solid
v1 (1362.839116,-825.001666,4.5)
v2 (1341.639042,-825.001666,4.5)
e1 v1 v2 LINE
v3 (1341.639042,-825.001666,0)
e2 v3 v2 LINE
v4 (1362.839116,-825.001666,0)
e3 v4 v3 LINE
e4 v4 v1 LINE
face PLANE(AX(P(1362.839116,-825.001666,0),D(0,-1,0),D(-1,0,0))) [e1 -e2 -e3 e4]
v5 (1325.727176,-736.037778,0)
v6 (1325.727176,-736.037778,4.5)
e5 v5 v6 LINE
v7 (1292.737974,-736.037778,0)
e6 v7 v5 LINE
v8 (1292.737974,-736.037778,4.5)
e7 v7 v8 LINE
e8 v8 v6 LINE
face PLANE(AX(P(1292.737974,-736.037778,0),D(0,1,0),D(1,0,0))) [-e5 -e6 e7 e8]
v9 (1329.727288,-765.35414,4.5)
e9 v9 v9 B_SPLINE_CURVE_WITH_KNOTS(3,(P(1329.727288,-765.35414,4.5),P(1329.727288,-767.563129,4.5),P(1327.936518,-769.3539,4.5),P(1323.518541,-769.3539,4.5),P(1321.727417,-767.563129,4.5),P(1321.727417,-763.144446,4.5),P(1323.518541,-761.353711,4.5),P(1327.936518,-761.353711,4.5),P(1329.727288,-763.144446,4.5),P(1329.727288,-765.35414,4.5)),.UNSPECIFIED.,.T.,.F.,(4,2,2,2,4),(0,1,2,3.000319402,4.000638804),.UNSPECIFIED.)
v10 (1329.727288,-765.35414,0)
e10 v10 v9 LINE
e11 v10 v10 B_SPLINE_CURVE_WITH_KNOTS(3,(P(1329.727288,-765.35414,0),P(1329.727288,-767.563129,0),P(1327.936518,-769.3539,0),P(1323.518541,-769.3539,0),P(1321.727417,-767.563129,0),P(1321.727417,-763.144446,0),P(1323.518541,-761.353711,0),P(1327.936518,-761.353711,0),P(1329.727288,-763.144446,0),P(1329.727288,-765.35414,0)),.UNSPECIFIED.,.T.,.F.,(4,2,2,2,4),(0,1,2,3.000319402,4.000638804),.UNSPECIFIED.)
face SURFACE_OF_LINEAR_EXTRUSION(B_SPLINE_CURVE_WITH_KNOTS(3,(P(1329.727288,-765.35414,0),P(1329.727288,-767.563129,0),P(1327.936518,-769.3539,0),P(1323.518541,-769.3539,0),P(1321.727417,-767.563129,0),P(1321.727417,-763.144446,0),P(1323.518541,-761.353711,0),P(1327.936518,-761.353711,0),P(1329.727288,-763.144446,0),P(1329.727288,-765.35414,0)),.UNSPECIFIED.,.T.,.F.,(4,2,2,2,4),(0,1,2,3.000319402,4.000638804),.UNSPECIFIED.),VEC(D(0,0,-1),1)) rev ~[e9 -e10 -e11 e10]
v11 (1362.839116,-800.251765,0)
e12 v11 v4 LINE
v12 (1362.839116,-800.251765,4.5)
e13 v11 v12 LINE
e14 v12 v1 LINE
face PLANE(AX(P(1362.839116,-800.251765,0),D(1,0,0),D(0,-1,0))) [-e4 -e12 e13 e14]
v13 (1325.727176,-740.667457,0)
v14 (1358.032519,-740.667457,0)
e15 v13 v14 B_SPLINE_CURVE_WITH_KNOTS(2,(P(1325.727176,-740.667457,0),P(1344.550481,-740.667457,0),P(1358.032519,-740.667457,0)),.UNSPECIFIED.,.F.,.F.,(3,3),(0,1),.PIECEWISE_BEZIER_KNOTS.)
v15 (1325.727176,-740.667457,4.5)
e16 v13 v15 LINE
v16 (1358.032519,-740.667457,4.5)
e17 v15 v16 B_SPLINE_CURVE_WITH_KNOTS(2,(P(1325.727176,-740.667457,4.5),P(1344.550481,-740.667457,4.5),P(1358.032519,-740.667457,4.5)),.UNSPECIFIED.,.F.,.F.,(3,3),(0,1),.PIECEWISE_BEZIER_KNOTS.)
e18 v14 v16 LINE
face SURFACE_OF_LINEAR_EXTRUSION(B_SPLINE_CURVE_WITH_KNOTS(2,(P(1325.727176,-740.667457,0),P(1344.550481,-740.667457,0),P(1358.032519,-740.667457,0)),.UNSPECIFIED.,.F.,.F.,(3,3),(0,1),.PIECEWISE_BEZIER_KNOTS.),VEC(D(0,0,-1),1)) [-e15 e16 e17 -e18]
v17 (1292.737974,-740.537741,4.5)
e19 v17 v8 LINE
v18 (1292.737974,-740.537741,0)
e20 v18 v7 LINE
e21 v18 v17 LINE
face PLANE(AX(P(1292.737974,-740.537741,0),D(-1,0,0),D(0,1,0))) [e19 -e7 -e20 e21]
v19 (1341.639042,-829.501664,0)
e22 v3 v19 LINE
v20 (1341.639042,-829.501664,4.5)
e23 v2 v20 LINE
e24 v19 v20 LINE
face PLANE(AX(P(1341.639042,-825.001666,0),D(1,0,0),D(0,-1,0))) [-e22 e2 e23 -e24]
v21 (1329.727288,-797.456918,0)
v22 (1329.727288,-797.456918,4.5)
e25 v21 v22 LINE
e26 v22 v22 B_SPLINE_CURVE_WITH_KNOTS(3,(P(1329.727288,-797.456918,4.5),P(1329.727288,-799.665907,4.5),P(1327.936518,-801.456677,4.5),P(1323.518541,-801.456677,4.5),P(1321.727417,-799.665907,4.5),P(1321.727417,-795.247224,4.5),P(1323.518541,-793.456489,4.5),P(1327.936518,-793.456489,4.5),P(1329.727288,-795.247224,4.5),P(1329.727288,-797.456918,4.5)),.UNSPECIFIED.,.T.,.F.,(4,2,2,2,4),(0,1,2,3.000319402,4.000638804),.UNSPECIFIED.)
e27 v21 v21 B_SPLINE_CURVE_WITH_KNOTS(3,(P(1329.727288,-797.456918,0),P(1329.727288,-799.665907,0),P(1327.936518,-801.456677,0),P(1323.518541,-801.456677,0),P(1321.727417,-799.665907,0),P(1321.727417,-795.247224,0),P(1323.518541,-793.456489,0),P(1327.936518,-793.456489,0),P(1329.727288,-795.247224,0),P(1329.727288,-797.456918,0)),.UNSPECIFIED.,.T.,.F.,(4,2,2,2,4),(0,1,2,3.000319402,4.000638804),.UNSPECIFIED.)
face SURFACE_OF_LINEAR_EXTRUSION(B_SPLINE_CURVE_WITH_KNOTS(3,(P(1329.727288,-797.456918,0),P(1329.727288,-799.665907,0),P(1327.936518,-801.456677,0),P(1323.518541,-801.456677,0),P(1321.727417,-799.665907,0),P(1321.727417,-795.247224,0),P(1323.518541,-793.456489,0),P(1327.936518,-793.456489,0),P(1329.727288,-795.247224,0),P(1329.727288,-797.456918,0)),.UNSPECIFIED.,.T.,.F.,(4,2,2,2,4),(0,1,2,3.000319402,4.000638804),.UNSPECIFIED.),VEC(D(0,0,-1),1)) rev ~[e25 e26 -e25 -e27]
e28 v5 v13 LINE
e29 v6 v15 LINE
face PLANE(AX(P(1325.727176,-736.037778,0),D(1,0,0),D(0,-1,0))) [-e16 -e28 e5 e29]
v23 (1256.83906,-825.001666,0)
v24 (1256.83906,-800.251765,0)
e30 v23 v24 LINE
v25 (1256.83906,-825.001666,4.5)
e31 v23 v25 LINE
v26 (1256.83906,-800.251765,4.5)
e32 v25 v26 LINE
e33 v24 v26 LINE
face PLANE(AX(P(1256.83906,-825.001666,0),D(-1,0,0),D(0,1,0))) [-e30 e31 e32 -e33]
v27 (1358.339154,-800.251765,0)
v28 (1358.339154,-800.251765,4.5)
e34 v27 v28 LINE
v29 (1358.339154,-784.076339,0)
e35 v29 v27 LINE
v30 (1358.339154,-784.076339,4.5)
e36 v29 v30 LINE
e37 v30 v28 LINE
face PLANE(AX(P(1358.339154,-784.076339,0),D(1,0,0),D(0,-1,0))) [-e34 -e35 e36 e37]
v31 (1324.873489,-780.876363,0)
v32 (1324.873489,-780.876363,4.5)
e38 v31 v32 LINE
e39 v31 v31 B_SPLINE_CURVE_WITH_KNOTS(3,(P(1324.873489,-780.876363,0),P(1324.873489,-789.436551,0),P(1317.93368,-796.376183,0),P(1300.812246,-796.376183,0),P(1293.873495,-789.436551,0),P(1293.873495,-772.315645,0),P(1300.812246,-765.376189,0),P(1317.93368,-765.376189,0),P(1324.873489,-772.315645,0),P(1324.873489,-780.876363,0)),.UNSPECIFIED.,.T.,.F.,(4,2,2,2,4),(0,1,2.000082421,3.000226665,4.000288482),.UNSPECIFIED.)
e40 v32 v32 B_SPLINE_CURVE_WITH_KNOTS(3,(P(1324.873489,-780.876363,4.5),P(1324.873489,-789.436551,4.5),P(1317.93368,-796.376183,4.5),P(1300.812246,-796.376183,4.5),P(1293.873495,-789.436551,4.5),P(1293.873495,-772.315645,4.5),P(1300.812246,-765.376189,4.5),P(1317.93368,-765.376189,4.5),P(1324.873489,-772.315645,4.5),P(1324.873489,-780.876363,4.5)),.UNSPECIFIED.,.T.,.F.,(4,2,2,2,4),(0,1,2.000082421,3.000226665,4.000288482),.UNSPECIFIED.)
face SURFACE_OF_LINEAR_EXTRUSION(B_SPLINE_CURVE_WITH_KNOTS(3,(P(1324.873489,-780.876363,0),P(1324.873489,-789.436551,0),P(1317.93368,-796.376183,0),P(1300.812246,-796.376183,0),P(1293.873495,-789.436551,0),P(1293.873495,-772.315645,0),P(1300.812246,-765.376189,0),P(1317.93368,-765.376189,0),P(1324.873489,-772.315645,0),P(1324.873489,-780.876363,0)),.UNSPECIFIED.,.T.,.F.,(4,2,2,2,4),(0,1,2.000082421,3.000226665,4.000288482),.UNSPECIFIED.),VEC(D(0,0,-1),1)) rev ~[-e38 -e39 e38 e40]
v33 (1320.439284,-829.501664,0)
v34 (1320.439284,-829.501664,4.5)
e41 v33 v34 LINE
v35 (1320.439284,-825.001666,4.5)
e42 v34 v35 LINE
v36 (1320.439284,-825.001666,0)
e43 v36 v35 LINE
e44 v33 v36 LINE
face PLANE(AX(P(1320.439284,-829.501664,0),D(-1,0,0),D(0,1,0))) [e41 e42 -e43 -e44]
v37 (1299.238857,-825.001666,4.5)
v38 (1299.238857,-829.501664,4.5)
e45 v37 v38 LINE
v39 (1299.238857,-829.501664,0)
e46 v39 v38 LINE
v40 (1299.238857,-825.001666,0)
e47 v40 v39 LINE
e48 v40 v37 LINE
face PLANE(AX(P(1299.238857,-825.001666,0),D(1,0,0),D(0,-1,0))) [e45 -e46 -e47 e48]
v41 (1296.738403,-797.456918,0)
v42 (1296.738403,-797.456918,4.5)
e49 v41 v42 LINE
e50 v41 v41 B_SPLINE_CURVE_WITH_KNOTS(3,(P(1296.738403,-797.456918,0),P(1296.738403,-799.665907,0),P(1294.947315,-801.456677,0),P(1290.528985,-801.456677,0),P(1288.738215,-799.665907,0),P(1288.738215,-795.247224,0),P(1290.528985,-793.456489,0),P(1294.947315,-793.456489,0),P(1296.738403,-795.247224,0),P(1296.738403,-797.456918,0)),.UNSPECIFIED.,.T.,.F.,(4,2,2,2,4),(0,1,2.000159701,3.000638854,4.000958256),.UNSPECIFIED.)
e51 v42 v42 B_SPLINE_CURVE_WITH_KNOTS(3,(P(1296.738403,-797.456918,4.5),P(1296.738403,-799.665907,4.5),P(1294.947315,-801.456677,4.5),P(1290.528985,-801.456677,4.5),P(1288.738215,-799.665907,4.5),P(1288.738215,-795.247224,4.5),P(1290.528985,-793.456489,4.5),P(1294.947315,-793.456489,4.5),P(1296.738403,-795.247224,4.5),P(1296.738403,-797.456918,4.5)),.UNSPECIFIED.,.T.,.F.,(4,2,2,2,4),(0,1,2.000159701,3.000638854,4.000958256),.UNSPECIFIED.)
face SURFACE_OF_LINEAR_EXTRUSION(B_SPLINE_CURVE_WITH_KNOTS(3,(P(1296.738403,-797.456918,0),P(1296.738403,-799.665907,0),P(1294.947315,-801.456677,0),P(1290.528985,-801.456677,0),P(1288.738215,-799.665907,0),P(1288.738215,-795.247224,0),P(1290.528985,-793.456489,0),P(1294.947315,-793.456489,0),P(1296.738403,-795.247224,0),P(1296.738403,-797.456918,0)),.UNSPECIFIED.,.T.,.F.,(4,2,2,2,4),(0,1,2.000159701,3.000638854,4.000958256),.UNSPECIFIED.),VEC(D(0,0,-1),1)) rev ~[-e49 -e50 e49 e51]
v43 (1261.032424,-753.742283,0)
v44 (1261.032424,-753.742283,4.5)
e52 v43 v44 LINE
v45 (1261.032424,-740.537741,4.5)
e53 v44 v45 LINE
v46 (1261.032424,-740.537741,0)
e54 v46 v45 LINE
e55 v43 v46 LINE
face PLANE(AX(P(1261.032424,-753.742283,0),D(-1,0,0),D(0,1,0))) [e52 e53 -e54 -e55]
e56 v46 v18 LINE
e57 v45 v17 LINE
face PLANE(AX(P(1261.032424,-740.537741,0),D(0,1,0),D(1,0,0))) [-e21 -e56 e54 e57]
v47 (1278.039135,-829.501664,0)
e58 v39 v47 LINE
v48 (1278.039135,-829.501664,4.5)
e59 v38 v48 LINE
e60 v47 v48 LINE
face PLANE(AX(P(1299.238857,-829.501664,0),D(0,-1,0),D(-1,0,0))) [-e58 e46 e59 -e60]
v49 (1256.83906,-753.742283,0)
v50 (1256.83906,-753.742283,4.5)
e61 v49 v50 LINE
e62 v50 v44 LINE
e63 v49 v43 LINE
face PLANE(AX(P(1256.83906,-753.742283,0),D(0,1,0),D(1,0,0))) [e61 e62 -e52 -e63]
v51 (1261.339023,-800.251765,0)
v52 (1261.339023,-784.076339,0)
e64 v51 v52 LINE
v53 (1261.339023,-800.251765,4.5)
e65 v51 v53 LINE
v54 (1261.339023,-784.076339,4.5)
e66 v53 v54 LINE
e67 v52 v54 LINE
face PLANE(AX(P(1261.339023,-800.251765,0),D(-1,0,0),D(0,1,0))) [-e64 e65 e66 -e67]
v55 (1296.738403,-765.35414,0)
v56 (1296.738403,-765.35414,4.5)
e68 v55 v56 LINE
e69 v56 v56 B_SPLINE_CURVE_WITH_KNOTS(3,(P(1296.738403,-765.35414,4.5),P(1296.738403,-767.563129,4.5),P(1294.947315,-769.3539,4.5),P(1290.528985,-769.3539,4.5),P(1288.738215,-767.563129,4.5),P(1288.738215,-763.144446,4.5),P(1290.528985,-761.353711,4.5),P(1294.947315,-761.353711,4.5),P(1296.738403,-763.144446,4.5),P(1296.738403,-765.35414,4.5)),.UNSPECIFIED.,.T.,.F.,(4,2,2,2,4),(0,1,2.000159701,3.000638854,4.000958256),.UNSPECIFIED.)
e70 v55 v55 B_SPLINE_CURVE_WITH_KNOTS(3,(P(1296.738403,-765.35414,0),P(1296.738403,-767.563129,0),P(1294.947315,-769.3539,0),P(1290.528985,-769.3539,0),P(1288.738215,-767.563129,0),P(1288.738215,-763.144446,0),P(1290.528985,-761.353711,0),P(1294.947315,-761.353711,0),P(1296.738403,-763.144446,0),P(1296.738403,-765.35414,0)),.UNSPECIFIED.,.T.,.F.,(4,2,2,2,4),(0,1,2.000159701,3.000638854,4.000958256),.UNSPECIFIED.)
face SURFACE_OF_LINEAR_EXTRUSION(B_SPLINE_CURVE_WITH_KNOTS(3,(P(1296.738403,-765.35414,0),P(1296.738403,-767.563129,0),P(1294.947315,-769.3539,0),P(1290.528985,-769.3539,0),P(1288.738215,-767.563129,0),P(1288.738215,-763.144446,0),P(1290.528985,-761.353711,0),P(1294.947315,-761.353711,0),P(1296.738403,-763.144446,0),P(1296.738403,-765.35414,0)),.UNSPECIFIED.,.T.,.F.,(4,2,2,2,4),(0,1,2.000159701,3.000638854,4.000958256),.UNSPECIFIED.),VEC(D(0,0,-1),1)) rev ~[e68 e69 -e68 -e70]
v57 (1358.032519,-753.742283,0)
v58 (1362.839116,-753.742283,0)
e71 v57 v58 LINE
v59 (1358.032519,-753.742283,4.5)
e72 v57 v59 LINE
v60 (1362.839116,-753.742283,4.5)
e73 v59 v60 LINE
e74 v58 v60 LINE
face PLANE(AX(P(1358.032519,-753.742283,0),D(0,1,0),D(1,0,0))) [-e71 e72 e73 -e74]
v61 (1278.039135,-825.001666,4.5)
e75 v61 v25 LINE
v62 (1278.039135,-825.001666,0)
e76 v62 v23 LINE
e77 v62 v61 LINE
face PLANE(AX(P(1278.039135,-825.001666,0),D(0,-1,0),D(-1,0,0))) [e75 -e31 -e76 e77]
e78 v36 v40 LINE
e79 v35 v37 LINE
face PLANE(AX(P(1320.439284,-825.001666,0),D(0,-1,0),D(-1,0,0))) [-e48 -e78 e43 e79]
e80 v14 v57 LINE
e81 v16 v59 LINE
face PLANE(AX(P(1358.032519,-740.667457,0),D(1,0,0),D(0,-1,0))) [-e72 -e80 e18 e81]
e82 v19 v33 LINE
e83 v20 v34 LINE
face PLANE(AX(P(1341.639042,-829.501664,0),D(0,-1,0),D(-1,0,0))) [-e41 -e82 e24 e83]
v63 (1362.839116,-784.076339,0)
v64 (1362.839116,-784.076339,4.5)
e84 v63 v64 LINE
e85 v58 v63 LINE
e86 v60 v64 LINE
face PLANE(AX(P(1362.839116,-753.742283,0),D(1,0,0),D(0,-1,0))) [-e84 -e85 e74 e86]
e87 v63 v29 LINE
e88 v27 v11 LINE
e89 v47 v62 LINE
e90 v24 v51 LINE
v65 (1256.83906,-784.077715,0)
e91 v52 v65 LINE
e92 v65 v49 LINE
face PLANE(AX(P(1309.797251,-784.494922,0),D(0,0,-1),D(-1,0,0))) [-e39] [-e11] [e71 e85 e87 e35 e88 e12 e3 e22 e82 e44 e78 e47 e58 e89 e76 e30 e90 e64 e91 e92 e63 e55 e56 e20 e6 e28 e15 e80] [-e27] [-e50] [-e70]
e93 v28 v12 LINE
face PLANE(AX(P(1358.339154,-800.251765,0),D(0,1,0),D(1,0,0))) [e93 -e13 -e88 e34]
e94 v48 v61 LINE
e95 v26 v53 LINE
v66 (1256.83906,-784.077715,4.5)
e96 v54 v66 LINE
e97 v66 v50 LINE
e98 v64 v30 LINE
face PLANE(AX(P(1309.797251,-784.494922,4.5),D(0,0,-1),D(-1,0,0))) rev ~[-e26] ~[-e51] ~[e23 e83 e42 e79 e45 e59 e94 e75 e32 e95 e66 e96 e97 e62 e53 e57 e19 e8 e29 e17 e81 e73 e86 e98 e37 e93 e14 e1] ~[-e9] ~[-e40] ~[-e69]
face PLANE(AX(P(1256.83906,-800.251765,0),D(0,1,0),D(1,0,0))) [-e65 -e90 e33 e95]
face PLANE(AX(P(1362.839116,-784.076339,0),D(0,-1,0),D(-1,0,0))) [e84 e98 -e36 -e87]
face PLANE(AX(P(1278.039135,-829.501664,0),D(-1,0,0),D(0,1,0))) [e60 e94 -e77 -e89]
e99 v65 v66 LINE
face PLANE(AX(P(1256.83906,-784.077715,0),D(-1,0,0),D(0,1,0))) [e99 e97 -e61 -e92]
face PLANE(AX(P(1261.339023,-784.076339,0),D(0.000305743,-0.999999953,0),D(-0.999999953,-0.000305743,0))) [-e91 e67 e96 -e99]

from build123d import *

# Parameters (mm, degrees)
BOSS_EXTRUDE1_DEPTH = 4.5


with BuildPart() as part:
    # Model → Boss-Extrude1 (new body)
    with BuildSketch(Plane.XY):
        with BuildLine():
            Line((1362.839116326, -825.001665905), (1341.639041609, -825.001665905))
            Line((1341.639041609, -825.001665905), (1341.639041609, -829.501663959))
            Line((1341.639041609, -829.501663959), (1320.439284392, -829.501663959))
            Line((1320.439284392, -829.501663959), (1320.439284392, -825.001665905))
            Line((1320.439284392, -825.001665905), (1299.238856897, -825.001665905))
            Line((1299.238856897, -825.001665905), (1299.238856897, -829.501663959))
            Line((1299.238856897, -829.501663959), (1278.039134958, -829.501663959))
            Line((1278.039134958, -829.501663959), (1278.039134958, -825.001665905))
            Line((1278.039134958, -825.001665905), (1256.839060241, -825.001665905))
            Line((1256.839060241, -825.001665905), (1256.839060241, -800.2517648))
            Line((1256.839060241, -800.2517648), (1261.339023018, -800.2517648))
            Line((1261.339023018, -800.2517648), (1261.339023018, -784.076339248))
            Line((1261.339023018, -784.076339248), (1256.839060241, -784.077715082))
            Line((1256.839060241, -784.077715082), (1256.839060241, -753.742283423))
            Line((1256.839060241, -753.742283423), (1261.032423851, -753.742283423))
            Line((1261.032423851, -753.742283423), (1261.032423851, -740.537740648))
            Line((1261.032423851, -740.537740648), (1292.737973843, -740.537740648))
            Line((1292.737973843, -740.537740648), (1292.737973843, -736.037777872))
            Line((1292.737973843, -736.037777872), (1325.727176335, -736.037777872))
            Line((1325.727176335, -736.037777872), (1325.727176335, -740.667457037))
            add(Edge.make_bspline(
                [(1325.727176335, -740.667457037), (1344.550481331, -740.667457037), (1358.032519105, -740.667457037)],
                knots=[0, 0, 0, 1, 1, 1], degree=2))
            Line((1358.032519105, -740.667457037), (1358.032519105, -753.742283423))
            Line((1358.032519105, -753.742283423), (1362.839116326, -753.742283423))
            Line((1362.839116326, -753.742283423), (1362.839116326, -784.076339248))
            Line((1362.839116326, -784.076339248), (1358.339153549, -784.076339248))
            Line((1358.339153549, -784.076339248), (1358.339153549, -800.2517648))
            Line((1358.339153549, -800.2517648), (1362.839116326, -800.2517648))
            Line((1362.839116326, -800.2517648), (1362.839116326, -825.001665905))
        make_face()
        with BuildLine():
            add(Edge.make_bspline(
                [(1293.873494954, -780.876362583), (1293.873494954, -772.315645362), (1300.812245786, -765.376188975), (1309.373315784, -765.376188975), (1317.933680226, -765.376188975), (1324.873489391, -772.315645362), (1324.873489391, -780.876362583)],
                knots=[2, 2, 2, 2, 3, 3, 3, 4, 4, 4, 4], degree=3))
            add(Edge.make_bspline(
                [(1324.873489391, -780.876362583), (1324.873489391, -789.436550636), (1317.933680226, -796.376183412), (1309.373315784, -796.376183412), (1300.812245786, -796.376183412), (1293.873494954, -789.436550636), (1293.873494954, -780.876362583)],
                knots=[0, 0, 0, 0, 1, 1, 1, 2, 2, 2, 2], degree=3))
        make_face(mode=Mode.SUBTRACT)
        with BuildLine():
            add(Edge.make_bspline(
                [(1321.72741717, -797.456918134), (1321.72741717, -795.247223968), (1323.518540502, -793.456488691), (1325.727529113, -793.456488691), (1327.936517724, -793.456488691), (1329.727288279, -795.247223968), (1329.727288279, -797.456918134)],
                knots=[2, 2, 2, 2, 3, 3, 3, 4, 4, 4, 4], degree=3))
            add(Edge.make_bspline(
                [(1329.727288279, -797.456918134), (1329.727288279, -799.665906745), (1327.936517724, -801.4566773), (1325.727529113, -801.4566773), (1323.518540502, -801.4566773), (1321.72741717, -799.665906745), (1321.72741717, -797.456918134)],
                knots=[0, 0, 0, 0, 1, 1, 1, 2, 2, 2, 2], degree=3))
        make_face(mode=Mode.SUBTRACT)
        with BuildLine():
            add(Edge.make_bspline(
                [(1321.72741717, -765.354140364), (1321.72741717, -763.144446198), (1323.518540502, -761.353710921), (1325.727529113, -761.353710921), (1327.936517724, -761.353710921), (1329.727288279, -763.144446198), (1329.727288279, -765.354140364)],
                knots=[2, 2, 2, 2, 3, 3, 3, 4, 4, 4, 4], degree=3))
            add(Edge.make_bspline(
                [(1329.727288279, -765.354140364), (1329.727288279, -767.563128975), (1327.936517724, -769.35389953), (1325.727529113, -769.35389953), (1323.518540502, -769.35389953), (1321.72741717, -767.563128975), (1321.72741717, -765.354140364)],
                knots=[0, 0, 0, 0, 1, 1, 1, 2, 2, 2, 2], degree=3))
        make_face(mode=Mode.SUBTRACT)
        with BuildLine():
            add(Edge.make_bspline(
                [(1288.738214678, -765.354140364), (1288.738214678, -763.144446198), (1290.528985233, -761.353710921), (1292.738326621, -761.353710921), (1294.947315232, -761.353710921), (1296.738403287, -763.144446198), (1296.738403287, -765.354140364)],
                knots=[2, 2, 2, 2, 3, 3, 3, 4, 4, 4, 4], degree=3))
            add(Edge.make_bspline(
                [(1296.738403287, -765.354140364), (1296.738403287, -767.563128975), (1294.947315232, -769.35389953), (1292.738326621, -769.35389953), (1290.528985233, -769.35389953), (1288.738214678, -767.563128975), (1288.738214678, -765.354140364)],
                knots=[0, 0, 0, 0, 1, 1, 1, 2, 2, 2, 2], degree=3))
        make_face(mode=Mode.SUBTRACT)
        with BuildLine():
            add(Edge.make_bspline(
                [(1288.738214678, -797.456918134), (1288.738214678, -795.247223968), (1290.528985233, -793.456488691), (1292.738326621, -793.456488691), (1294.947315232, -793.456488691), (1296.738403287, -795.247223968), (1296.738403287, -797.456918134)],
                knots=[2, 2, 2, 2, 3, 3, 3, 4, 4, 4, 4], degree=3))
            add(Edge.make_bspline(
                [(1296.738403287, -797.456918134), (1296.738403287, -799.665906745), (1294.947315232, -801.4566773), (1292.738326621, -801.4566773), (1290.528985233, -801.4566773), (1288.738214678, -799.665906745), (1288.738214678, -797.456918134)],
                knots=[0, 0, 0, 0, 1, 1, 1, 2, 2, 2, 2], degree=3))
        make_face(mode=Mode.SUBTRACT)
    extrude(amount=BOSS_EXTRUDE1_DEPTH)


solid = part.part
